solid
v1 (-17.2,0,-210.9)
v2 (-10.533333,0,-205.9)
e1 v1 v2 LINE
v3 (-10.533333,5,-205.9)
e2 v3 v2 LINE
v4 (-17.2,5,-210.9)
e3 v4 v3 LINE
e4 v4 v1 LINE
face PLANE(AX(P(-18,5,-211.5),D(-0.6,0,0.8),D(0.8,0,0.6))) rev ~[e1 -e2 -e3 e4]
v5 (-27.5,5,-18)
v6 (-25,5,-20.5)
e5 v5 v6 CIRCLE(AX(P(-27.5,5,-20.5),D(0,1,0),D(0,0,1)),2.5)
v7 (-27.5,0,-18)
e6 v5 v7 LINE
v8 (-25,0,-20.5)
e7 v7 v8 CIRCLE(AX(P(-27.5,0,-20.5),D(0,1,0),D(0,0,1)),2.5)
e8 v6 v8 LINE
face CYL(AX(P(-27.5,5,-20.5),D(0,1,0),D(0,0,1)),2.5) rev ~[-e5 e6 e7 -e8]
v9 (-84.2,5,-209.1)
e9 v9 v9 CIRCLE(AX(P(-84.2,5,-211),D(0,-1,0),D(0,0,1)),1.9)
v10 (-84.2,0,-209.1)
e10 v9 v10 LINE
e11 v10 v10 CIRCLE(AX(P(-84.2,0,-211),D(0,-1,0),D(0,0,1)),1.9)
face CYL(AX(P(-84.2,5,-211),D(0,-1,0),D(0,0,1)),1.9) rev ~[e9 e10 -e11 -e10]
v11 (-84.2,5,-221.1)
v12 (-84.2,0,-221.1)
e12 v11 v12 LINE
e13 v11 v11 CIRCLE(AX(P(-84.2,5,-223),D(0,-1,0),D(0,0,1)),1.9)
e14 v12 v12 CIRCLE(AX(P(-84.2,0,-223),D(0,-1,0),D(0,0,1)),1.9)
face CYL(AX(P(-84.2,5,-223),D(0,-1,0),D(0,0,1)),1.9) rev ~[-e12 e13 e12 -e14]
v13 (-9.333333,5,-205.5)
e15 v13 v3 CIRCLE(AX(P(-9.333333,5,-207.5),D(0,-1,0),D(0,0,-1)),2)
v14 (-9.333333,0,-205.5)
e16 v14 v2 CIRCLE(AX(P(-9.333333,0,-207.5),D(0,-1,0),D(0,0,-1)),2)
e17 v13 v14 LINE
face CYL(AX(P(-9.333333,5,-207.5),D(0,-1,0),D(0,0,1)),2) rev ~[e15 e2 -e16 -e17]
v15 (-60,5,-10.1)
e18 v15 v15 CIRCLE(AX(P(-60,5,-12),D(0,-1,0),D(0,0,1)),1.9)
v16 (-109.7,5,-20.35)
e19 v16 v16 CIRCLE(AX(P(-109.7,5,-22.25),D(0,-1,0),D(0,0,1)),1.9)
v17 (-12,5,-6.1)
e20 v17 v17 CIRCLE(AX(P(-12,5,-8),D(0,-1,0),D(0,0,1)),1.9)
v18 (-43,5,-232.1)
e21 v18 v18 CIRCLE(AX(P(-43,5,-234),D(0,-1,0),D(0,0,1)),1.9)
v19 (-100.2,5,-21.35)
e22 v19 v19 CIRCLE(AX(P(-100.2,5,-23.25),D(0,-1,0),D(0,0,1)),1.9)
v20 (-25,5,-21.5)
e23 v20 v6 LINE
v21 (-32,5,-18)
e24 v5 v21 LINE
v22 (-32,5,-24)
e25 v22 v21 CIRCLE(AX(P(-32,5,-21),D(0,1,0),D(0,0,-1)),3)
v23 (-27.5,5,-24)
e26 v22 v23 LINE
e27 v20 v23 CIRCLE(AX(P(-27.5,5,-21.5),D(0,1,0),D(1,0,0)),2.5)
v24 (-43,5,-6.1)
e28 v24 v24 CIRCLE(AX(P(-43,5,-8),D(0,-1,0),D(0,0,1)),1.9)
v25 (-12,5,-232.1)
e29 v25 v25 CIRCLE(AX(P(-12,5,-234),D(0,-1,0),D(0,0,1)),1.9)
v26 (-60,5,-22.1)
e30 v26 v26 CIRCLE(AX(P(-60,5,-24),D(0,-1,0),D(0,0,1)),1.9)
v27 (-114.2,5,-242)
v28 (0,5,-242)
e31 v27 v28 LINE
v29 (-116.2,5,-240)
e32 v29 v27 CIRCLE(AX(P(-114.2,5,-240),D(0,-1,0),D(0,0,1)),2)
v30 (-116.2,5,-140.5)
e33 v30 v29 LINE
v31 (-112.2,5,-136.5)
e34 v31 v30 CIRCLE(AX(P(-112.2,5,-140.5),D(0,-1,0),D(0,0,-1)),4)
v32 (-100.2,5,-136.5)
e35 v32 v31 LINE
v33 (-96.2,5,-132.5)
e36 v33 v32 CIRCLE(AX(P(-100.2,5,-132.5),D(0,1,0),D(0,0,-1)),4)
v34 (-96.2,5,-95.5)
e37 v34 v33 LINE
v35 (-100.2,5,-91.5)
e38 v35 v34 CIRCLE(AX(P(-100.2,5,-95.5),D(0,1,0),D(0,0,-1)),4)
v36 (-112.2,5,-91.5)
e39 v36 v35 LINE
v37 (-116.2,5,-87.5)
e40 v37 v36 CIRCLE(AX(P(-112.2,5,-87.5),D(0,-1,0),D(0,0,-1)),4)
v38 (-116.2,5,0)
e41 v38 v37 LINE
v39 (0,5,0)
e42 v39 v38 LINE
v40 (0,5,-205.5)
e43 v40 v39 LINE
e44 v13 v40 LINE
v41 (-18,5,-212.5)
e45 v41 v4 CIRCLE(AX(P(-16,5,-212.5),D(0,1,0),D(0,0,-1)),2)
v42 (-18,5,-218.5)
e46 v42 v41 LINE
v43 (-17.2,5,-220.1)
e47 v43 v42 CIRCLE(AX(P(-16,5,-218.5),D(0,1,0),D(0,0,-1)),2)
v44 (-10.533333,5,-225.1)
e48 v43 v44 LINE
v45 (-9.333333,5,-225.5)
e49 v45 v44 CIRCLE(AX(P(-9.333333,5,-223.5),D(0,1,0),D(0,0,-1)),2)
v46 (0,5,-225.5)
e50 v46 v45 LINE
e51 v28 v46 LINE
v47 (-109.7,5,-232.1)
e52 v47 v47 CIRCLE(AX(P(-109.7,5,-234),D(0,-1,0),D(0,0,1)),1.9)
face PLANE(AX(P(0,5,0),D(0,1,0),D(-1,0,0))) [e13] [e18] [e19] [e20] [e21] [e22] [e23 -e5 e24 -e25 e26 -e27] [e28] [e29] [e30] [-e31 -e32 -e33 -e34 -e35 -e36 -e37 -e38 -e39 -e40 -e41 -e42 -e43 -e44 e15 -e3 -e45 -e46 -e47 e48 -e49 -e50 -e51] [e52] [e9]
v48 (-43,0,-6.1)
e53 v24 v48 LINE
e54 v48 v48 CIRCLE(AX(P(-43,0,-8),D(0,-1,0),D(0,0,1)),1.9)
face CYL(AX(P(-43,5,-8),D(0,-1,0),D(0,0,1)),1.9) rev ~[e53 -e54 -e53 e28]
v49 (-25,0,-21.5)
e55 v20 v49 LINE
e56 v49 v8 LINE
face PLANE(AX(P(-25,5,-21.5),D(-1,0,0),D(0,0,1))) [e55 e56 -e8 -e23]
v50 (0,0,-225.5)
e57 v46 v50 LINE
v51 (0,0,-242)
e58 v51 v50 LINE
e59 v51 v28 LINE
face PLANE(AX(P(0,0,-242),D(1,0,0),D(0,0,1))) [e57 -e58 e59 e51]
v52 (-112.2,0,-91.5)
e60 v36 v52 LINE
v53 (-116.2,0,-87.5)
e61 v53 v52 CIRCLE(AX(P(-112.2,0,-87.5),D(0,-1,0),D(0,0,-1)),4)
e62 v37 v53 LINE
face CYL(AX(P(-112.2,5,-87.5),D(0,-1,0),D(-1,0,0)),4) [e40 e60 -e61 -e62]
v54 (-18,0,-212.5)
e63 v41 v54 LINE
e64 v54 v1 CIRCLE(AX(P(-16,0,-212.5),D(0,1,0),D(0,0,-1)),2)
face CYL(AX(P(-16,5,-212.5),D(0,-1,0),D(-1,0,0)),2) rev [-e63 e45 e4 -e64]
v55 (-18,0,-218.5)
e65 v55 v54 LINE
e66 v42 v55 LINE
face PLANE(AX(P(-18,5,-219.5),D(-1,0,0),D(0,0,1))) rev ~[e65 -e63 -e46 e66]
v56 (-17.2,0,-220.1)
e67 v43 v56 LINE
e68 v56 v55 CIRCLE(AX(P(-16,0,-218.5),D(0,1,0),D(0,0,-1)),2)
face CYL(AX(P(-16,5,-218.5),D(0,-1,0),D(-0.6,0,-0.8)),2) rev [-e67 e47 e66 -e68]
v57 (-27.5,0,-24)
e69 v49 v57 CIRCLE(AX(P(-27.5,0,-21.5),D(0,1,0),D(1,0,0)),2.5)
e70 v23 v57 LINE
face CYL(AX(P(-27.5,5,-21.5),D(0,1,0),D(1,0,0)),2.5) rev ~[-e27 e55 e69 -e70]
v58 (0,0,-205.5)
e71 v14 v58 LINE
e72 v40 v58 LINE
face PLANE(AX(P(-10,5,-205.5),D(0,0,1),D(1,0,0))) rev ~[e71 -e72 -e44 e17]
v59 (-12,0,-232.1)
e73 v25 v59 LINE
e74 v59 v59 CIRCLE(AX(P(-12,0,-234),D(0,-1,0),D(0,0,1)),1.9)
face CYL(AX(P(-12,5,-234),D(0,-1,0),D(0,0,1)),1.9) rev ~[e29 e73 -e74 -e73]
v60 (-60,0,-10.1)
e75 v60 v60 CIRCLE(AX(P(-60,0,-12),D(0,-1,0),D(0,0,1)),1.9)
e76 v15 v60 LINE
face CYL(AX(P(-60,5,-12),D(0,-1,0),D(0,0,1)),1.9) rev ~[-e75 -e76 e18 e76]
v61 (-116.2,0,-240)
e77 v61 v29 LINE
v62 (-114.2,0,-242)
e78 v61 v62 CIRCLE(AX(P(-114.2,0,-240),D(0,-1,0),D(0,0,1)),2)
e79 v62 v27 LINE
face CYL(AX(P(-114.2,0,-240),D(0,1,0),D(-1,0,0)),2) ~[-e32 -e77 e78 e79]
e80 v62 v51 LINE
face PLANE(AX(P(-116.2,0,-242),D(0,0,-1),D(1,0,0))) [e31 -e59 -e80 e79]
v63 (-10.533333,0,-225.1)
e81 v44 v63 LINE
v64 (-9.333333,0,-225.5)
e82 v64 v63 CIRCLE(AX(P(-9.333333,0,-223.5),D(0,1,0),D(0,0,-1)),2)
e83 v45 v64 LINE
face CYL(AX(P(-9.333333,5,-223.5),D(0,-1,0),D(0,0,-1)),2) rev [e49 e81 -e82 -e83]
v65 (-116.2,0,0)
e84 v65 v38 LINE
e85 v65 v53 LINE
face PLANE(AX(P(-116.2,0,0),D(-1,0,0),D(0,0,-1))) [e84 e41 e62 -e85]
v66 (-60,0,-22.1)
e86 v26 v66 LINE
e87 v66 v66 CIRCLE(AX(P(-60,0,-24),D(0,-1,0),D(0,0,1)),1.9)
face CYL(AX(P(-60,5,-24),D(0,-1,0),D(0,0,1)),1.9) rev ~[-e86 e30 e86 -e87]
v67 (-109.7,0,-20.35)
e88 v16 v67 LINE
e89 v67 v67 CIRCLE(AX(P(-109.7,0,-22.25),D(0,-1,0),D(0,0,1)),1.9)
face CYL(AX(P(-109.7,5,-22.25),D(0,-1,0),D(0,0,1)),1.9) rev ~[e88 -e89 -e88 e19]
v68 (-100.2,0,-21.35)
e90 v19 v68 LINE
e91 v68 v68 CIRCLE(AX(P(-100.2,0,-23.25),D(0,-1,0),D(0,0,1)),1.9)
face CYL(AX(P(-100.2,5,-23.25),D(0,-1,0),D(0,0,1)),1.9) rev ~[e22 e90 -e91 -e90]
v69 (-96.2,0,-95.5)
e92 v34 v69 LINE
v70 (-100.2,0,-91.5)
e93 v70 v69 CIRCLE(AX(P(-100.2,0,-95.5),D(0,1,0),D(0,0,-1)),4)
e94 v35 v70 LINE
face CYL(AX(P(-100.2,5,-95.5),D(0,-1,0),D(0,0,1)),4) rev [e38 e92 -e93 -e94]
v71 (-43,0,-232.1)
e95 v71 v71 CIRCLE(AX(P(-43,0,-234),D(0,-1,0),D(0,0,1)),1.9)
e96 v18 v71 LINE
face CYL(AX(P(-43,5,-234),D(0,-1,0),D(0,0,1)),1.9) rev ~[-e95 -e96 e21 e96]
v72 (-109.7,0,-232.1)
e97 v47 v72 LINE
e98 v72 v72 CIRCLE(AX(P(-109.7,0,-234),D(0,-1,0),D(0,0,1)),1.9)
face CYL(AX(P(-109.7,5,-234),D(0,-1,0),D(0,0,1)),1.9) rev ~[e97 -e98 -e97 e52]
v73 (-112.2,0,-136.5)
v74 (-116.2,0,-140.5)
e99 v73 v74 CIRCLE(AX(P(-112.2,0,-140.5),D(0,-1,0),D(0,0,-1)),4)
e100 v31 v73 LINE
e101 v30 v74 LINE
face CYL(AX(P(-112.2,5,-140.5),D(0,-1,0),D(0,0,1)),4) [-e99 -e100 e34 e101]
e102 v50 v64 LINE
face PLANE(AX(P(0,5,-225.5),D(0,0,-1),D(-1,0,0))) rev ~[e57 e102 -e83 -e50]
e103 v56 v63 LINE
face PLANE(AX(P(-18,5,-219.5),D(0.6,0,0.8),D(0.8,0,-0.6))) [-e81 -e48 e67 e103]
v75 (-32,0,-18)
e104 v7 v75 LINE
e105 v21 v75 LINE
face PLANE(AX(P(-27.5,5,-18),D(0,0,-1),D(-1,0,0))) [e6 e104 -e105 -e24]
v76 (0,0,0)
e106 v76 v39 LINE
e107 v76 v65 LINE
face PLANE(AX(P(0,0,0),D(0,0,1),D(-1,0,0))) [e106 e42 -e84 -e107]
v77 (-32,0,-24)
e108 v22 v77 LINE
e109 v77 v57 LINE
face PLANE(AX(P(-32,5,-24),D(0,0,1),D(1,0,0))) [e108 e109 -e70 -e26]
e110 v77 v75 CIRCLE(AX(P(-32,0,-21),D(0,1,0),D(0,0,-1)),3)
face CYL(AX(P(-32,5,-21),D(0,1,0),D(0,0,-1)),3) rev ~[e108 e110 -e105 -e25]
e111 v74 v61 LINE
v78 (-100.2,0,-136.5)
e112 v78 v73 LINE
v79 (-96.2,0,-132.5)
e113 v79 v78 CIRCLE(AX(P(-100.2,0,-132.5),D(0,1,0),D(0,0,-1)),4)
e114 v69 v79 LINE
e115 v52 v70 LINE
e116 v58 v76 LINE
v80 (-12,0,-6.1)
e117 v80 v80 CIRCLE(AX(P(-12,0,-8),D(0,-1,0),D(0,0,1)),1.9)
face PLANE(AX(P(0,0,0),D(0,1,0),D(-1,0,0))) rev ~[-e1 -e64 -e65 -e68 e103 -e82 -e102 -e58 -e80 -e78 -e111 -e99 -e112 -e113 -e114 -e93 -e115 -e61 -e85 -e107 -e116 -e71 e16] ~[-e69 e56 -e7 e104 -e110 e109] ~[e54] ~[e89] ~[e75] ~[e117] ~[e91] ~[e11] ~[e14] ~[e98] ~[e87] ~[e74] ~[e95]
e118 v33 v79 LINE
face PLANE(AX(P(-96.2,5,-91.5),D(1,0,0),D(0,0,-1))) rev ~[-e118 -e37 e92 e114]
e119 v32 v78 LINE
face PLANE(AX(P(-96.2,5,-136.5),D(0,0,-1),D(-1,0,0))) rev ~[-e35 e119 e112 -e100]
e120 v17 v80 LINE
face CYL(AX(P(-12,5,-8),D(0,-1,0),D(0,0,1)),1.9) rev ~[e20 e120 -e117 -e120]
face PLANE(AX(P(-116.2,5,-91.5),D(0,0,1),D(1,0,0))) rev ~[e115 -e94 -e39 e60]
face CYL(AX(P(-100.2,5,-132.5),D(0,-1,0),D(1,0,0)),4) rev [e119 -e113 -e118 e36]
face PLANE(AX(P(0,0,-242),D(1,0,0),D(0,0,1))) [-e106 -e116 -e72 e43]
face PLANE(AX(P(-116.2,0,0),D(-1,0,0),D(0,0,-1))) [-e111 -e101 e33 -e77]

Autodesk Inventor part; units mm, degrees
ref_plane "YZ Plane" through (0, 0, 0) normal (1, 0, 0) x (0, 1, 0)
ref_plane "XZ Plane" through (0, 0, 0) normal (0, 1, 0) x (-1, 0, 0)
ref_plane "XY Plane" through (0, 0, 0) normal (0, 0, 1) x (1, 0, 0)
sketch "Sketch1" plane through (0, 0, 0) normal (0, 1, 0) x (-1, 0, 0)
  line L0 (0, 0) -> (116.2, 0)
  line L1 (116.2, 0) -> (116.2, -242)
  line L2 (116.2, -242) -> (0, -242)
  line L3 (0, -242) -> (0, 0)
  dimension "d0" = 116.2
  dimension "d1" = 242
extrude "Extrusion1" add sketch "Sketch1" along normal blind 5
sketch "Sketch2" plane through (0, 5, 0) normal (0, 1, 0) x (1, 0, 0)
  line L0 (-43, 8) -> (-12, 8) construction
  line L1 (-12, 8) -> (-12, 234) construction
  line L2 (-12, 234) -> (-43, 234) construction
  line L3 (-43, 234) -> (-43, 8) construction
  line L4 (-116.2, 0) -> (0, 0) construction
  line L5 (0, 242) -> (-116.2, 242) construction
  line L6 (0, 0) -> (0, 242) construction
  dimension "d4" = 8
  dimension "d5" = 8
  dimension "d6" = 12
  dimension "d7" = 31
hole "Hole1" at (-12, 5, -8) at (-43, 5, -8) at (-43, 5, -234) at (-12, 5, -234) direction (0, -1, 0) diameter 3.8 end through all
sketch "Sketch3" plane through (0, 5, 0) normal (0, 1, 0) x (1, 0, 0)
  line L0 (-128.5064, 215.5) -> (22.7754, 215.5) construction
  line L1 (0, 242) -> (-116.2, 242) projected
  line L2 (0, 225.5) -> (-18, 225.5)
  line L3 (-18, 225.5) -> (-18, 205.5)
  line L4 (-18, 205.5) -> (0, 205.5)
  line L5 (0, 205.5) -> (0, 225.5)
  line L6 (0, 225.5) -> (-18, 205.5) construction
  line L7 (-18, 225.5) -> (0, 205.5) construction
  line L8 (0, 0) -> (0, 242) projected
  line L9 (-18, 211.5) -> (-10, 205.5)
  line L10 (-18, 219.5) -> (-10, 225.5)
  point P0 (-9, 215.5)
  point P1 (-18, 215.5)
  dimension "d15" = 26.5
  dimension "d16" = 20
  dimension "d17" = 18
  dimension "d18" = 8
  dimension "d19" = 10
extrude "Extrusion2" cut sketch "Sketch3" against normal through all contours L5 L4 L9 L3 L10 L2
fillet "Fillet1" radius 2 4 edges at (-18, 2.5, -219.5) (-10, 2.5, -225.5) (-18, 2.5, -211.5) (-10, 2.5, -205.5)
sketch "Sketch4" plane through (0, 5, 0) normal (0, 1, 0) x (1, 0, 0)
  line L0 (-84.2, 269.0758) -> (-84.2, -69.3617) construction
  line L1 (0, 0) -> (0, 205.5) construction
  line L2 (-116.2, 0) -> (0, 0) construction
  line L3 (0, 242) -> (-116.2, 242) construction
  line L4 (-116.2, 242) -> (-116.2, 0) projected
  line L5 (-60, 78.142) -> (-60, -51.5949) construction
  point P0 (-84.2, 223)
  point P1 (-84.2, 211)
  point P2 (-60, 24)
  point P3 (-60, 12)
  dimension "d24" = 12
  dimension "d25" = 12
  dimension "d26" = 12
  dimension "d27" = 31
  dimension "d35" = 32
  dimension "d36" = 60
hole "Hole2" at (-84.2, 5, -223) at (-84.2, 5, -211) at (-60, 5, -24) at (-60, 5, -12) direction (0, -1, 0) diameter 3.8 end through all
sketch "Sketch5" plane through (0, 5, 0) normal (0, 1, 0) x (1, 0, 0)
  line L0 (-116.2, 242) -> (-116.2, 0) projected
  line L1 (-116.2, 0) -> (0, 0) projected
  point P0 (-100.2, 23.25)
  dimension "d37" = 16
  dimension "d38" = 23.25
hole "Hole3" at (-100.2, 5, -23.25) direction (0, -1, 0) diameter 3.8 end through all
sketch "Sketch6" plane through (0, 5, 0) normal (0, 1, 0) x (1, 0, 0)
  line L0 (-109.7, 280.0258) -> (-109.7, -41.1522) construction
  line L1 (-116.2, 242) -> (-116.2, 0) projected
  line L2 (0, 242) -> (-116.2, 242) projected
  point P0 (0, 0)
  point P1 (-109.7, 234)
  point P2 (-109.7, 22.25)
  dimension "d46" = 6.5
  dimension "d47" = 8
  dimension "d48" = 211.75
hole "Hole4" at (-109.7, 5, -234) at (-109.7, 5, -22.25) direction (0, -1, 0) diameter 3.8 end through all
sketch "Sketch7" plane through (0, 5, 0) normal (0, 1, 0) x (1, 0, 0)
  line L0 (-50.7253, 21) -> (31.7934, 21) construction
  line L1 (-116.2, 0) -> (0, 0) construction
  line L2 (-32, 24) -> (-27.5, 24)
  line L3 (-25, 21.5) -> (-25, 20.5)
  line L4 (-27.5, 18) -> (-32, 18)
  line L5 (-32, 18) -> (-32, 21)
  line L6 (-32, 24) -> (-25, 18) construction
  line L7 (-25, 24) -> (-32, 18) construction
  line L8 (0, 0) -> (0, 205.5) construction
  arc A0 (-32, 24) -> (-32, 18) centre (-32, 21) ccw
  arc A1 (-25, 21.5) -> (-27.5, 24) centre (-27.5, 21.5) ccw
  arc A2 (-27.5, 18) -> (-25, 20.5) centre (-27.5, 20.5) ccw
  point P0 (-28.5, 21)
  dimension "d56" = 21
  dimension "d57" = 7
  dimension "d58" = 6
  dimension "d59" = 25
  dimension "d62" = 2.5
extrude "Extrusion3" cut sketch "Sketch7" against normal blind 10
sketch "Sketch8" plane through (0, 5, 0) normal (0, 1, 0) x (1, 0, 0)
  line L0 (-195.7233, 114) -> (78.1714, 114) construction
  line L1 (-116.2, 0) -> (0, 0) projected
  line L2 (-136.2, 91.5) -> (-96.2, 91.5)
  line L3 (-96.2, 91.5) -> (-96.2, 136.5)
  line L4 (-96.2, 136.5) -> (-136.2, 136.5)
  line L5 (-136.2, 136.5) -> (-136.2, 91.5)
  line L6 (-116.2, 242) -> (-116.2, 0) projected
  line L7 (-136.2, 91.5) -> (-96.2, 136.5) construction
  line L8 (-96.2, 91.5) -> (-136.2, 136.5) construction
  point P0 (-116.2, 114)
  point P1 (-116.2, 136.5)
  point P2 (-116.2, 91.5)
  dimension "d63" = 114
  dimension "d64" = 40
  dimension "d65" = 45
extrude "Extrusion4" cut sketch "Sketch8" against normal through all contours L6 L4 L3 L2
fillet "Fillet2" radius 4 4 edges at (-116.2, 2.5, -136.5) (-116.2, 2.5, -91.5) (-96.2, 2.5, -91.5) (-96.2, 2.5, -136.5)
fillet "Fillet3" radius 2 1 edges at (-116.2, 2.5, -242)
properties part number "Battery Side Plate"
